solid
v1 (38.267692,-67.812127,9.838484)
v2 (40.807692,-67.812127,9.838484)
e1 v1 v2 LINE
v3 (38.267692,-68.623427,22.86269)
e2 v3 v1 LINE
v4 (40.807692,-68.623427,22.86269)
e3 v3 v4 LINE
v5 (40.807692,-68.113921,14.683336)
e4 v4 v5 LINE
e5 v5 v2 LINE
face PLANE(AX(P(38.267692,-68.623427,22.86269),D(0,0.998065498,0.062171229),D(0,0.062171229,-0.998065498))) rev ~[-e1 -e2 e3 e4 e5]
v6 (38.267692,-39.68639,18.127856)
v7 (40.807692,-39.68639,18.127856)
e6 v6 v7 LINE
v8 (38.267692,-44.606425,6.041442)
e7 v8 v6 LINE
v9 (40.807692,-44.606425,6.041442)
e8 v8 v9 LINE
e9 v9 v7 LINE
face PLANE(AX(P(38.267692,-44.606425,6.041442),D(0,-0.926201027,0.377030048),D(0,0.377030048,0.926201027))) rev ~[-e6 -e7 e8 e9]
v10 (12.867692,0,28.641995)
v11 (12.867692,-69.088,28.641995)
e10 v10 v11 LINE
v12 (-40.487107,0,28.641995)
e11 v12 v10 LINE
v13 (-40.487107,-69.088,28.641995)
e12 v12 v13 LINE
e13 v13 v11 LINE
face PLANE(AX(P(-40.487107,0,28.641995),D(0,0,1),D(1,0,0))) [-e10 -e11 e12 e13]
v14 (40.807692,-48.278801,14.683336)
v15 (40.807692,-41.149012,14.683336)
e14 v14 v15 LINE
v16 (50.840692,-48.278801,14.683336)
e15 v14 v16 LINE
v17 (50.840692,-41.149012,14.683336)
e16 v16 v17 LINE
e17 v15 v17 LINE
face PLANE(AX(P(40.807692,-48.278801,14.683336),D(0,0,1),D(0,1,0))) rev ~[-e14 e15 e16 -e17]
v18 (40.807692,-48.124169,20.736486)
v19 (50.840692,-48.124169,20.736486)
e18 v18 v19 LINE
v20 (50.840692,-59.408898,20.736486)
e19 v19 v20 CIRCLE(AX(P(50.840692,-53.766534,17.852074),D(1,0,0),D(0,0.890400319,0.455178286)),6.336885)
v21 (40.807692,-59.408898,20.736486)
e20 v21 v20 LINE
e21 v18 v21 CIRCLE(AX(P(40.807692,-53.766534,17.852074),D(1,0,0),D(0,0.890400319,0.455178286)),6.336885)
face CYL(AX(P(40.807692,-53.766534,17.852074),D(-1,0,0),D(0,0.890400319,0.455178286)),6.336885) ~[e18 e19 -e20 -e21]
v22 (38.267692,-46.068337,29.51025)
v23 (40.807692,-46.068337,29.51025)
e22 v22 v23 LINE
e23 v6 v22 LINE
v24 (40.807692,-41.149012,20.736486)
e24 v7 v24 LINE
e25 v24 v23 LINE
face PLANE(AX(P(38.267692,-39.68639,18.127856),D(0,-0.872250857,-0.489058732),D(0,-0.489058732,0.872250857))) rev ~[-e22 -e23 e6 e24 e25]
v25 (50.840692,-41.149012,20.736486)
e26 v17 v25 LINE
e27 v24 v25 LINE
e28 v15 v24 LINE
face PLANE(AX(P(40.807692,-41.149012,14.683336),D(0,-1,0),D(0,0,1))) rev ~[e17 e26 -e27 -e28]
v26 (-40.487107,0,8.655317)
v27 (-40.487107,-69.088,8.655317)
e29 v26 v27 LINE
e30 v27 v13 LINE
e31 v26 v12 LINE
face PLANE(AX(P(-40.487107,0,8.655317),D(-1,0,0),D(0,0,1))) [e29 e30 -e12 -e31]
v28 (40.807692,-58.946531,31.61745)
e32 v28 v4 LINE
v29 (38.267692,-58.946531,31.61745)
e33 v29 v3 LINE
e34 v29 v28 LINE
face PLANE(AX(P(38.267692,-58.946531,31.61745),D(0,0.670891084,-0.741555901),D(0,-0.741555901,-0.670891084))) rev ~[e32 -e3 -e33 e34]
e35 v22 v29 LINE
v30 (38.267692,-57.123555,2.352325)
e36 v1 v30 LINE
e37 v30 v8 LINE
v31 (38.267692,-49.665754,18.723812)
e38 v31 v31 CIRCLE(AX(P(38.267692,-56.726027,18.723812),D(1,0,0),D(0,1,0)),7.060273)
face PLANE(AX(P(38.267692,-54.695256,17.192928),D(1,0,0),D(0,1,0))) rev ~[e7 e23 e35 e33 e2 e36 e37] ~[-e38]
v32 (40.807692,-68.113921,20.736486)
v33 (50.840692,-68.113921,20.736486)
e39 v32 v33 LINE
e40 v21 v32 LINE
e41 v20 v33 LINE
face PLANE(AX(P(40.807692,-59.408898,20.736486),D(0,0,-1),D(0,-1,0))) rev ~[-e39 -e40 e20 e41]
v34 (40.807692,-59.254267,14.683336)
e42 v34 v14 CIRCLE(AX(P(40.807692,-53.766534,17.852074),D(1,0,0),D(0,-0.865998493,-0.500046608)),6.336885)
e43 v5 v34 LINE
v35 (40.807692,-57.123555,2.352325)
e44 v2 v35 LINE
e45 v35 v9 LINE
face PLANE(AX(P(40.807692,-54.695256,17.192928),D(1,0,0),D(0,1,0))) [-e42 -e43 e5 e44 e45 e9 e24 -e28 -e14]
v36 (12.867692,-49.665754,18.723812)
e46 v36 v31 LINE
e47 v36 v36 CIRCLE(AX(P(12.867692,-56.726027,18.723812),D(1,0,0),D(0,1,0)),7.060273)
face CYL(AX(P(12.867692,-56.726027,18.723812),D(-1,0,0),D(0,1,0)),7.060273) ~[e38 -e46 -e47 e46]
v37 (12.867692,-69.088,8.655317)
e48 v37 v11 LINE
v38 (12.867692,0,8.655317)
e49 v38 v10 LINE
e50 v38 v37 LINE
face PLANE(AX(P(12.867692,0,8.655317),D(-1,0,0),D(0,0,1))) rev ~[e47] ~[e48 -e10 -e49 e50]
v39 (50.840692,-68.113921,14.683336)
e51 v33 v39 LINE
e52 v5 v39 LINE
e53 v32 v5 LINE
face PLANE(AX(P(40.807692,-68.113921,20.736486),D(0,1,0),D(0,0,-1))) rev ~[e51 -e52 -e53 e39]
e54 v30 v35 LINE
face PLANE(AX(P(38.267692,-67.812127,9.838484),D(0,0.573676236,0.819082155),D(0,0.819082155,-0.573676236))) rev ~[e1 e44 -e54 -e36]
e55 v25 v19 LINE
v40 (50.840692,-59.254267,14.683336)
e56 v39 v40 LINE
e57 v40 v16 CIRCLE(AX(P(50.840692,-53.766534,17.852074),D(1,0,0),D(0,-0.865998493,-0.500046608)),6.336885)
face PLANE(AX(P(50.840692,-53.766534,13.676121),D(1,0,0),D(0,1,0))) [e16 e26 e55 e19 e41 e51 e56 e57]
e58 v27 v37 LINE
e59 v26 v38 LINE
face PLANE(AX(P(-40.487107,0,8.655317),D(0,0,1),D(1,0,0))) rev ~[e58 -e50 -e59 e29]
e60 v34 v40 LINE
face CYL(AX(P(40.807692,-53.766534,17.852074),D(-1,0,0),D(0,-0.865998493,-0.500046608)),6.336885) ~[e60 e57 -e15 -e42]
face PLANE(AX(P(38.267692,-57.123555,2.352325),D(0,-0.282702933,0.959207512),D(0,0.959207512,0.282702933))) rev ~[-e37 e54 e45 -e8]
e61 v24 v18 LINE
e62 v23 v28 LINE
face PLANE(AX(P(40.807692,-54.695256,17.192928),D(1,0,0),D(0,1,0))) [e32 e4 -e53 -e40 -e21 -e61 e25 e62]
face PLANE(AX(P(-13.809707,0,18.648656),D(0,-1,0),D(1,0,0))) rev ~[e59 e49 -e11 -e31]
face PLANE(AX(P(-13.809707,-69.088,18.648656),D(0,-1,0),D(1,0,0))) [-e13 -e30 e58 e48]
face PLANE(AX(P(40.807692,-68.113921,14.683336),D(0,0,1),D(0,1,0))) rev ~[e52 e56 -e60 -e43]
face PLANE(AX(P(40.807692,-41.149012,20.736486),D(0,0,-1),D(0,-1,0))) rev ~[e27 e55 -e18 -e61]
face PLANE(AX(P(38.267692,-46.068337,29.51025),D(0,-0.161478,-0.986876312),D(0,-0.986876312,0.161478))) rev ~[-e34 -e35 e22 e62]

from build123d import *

# Parameters (mm, degrees)
F0_W     = 53.3547988161
F0_H     = 19.9866779149
F1_DEPTH = 69.088
F2_R     = 7.0602732338
F3_DEPTH = 25.4
F5_DEPTH = 2.54
F7_DEPTH = 10.033


with BuildPart() as f1:
    # F0 (on Front) → F1 (new body)
    with BuildSketch(Plane.XZ):
        with Locations((-13.8097074814, 18.6486560851)):
            Rectangle(F0_W, F0_H)
    extrude(amount=F1_DEPTH)

    # F2 (on face) → F3 (join)
    with BuildSketch(Plane.YZ.offset(12.8676919267)):
        with Locations((-56.7260272801, 18.7238119543)):
            Circle(F2_R)
    extrude(amount=F3_DEPTH)

    # F4 (on face) → F5 (join)
    with BuildSketch(Plane.YZ.offset(38.2676919267)):
        Polygon((-46.0683374544, 29.5102504033), (-58.9465306262, 31.6174495083), (-68.6234273353, 22.8626898016), (-67.812126987, 9.838483907), (-57.123555291, 2.3523245085), (-44.6064247416, 6.041442323), (-39.6863899454, 18.1278563919), align=None)
    extrude(amount=F5_DEPTH)

    # F6 (on face) → F7 (join)
    with BuildSketch(Plane.YZ.offset(40.8076919267)):
        with BuildLine():
            ThreePointArc((-59.2542665191, 14.6833357248), (-53.7665337324, 11.5151886184), (-48.2788009457, 14.6833357248))
            Line((-48.2788009457, 14.6833357248), (-59.2542665191, 14.6833357248))
        make_face()
        with BuildLine():
            ThreePointArc((-48.1241693804, 20.7364859485), (-47.6057251813, 19.3354981023), (-47.4296488155, 17.8520735353))
            ThreePointArc((-47.4296488155, 17.8520735353), (-47.6456170701, 16.211802319), (-48.2788009457, 14.6833357248))
            Line((-48.2788009457, 14.6833357248), (-41.1490116824, 14.6833357248))
            Line((-41.1490116824, 14.6833357248), (-41.1490116824, 20.7364859485))
            Line((-41.1490116824, 20.7364859485), (-48.1241693804, 20.7364859485))
        make_face()
        with BuildLine():
            ThreePointArc((-59.2542665191, 14.6833357248), (-60.1013520003, 17.690246581), (-59.4088980844, 20.7364859485))
            Line((-59.4088980844, 20.7364859485), (-68.1139211999, 20.7364859485))
            Line((-68.1139211999, 20.7364859485), (-68.1139211999, 14.6833357248))
            Line((-68.1139211999, 14.6833357248), (-59.2542665191, 14.6833357248))
        make_face()
        with BuildLine():
            Line((-59.4088980844, 20.7364859485), (-48.1241693804, 20.7364859485))
            ThreePointArc((-48.1241693804, 20.7364859485), (-53.7665337324, 24.1889584522), (-59.4088980844, 20.7364859485))
        make_face()
        with BuildLine():
            ThreePointArc((-48.2788009457, 14.6833357248), (-47.6456170701, 16.211802319), (-47.4296488155, 17.8520735353))
            ThreePointArc((-47.4296488155, 17.8520735353), (-47.6057251813, 19.3354981023), (-48.1241693804, 20.7364859485))
            Line((-48.1241693804, 20.7364859485), (-59.4088980844, 20.7364859485))
            ThreePointArc((-59.4088980844, 20.7364859485), (-60.1013520003, 17.690246581), (-59.2542665191, 14.6833357248))
            Line((-59.2542665191, 14.6833357248), (-48.2788009457, 14.6833357248))
        make_face()
    extrude(amount=F7_DEPTH)


solid = f1.part
